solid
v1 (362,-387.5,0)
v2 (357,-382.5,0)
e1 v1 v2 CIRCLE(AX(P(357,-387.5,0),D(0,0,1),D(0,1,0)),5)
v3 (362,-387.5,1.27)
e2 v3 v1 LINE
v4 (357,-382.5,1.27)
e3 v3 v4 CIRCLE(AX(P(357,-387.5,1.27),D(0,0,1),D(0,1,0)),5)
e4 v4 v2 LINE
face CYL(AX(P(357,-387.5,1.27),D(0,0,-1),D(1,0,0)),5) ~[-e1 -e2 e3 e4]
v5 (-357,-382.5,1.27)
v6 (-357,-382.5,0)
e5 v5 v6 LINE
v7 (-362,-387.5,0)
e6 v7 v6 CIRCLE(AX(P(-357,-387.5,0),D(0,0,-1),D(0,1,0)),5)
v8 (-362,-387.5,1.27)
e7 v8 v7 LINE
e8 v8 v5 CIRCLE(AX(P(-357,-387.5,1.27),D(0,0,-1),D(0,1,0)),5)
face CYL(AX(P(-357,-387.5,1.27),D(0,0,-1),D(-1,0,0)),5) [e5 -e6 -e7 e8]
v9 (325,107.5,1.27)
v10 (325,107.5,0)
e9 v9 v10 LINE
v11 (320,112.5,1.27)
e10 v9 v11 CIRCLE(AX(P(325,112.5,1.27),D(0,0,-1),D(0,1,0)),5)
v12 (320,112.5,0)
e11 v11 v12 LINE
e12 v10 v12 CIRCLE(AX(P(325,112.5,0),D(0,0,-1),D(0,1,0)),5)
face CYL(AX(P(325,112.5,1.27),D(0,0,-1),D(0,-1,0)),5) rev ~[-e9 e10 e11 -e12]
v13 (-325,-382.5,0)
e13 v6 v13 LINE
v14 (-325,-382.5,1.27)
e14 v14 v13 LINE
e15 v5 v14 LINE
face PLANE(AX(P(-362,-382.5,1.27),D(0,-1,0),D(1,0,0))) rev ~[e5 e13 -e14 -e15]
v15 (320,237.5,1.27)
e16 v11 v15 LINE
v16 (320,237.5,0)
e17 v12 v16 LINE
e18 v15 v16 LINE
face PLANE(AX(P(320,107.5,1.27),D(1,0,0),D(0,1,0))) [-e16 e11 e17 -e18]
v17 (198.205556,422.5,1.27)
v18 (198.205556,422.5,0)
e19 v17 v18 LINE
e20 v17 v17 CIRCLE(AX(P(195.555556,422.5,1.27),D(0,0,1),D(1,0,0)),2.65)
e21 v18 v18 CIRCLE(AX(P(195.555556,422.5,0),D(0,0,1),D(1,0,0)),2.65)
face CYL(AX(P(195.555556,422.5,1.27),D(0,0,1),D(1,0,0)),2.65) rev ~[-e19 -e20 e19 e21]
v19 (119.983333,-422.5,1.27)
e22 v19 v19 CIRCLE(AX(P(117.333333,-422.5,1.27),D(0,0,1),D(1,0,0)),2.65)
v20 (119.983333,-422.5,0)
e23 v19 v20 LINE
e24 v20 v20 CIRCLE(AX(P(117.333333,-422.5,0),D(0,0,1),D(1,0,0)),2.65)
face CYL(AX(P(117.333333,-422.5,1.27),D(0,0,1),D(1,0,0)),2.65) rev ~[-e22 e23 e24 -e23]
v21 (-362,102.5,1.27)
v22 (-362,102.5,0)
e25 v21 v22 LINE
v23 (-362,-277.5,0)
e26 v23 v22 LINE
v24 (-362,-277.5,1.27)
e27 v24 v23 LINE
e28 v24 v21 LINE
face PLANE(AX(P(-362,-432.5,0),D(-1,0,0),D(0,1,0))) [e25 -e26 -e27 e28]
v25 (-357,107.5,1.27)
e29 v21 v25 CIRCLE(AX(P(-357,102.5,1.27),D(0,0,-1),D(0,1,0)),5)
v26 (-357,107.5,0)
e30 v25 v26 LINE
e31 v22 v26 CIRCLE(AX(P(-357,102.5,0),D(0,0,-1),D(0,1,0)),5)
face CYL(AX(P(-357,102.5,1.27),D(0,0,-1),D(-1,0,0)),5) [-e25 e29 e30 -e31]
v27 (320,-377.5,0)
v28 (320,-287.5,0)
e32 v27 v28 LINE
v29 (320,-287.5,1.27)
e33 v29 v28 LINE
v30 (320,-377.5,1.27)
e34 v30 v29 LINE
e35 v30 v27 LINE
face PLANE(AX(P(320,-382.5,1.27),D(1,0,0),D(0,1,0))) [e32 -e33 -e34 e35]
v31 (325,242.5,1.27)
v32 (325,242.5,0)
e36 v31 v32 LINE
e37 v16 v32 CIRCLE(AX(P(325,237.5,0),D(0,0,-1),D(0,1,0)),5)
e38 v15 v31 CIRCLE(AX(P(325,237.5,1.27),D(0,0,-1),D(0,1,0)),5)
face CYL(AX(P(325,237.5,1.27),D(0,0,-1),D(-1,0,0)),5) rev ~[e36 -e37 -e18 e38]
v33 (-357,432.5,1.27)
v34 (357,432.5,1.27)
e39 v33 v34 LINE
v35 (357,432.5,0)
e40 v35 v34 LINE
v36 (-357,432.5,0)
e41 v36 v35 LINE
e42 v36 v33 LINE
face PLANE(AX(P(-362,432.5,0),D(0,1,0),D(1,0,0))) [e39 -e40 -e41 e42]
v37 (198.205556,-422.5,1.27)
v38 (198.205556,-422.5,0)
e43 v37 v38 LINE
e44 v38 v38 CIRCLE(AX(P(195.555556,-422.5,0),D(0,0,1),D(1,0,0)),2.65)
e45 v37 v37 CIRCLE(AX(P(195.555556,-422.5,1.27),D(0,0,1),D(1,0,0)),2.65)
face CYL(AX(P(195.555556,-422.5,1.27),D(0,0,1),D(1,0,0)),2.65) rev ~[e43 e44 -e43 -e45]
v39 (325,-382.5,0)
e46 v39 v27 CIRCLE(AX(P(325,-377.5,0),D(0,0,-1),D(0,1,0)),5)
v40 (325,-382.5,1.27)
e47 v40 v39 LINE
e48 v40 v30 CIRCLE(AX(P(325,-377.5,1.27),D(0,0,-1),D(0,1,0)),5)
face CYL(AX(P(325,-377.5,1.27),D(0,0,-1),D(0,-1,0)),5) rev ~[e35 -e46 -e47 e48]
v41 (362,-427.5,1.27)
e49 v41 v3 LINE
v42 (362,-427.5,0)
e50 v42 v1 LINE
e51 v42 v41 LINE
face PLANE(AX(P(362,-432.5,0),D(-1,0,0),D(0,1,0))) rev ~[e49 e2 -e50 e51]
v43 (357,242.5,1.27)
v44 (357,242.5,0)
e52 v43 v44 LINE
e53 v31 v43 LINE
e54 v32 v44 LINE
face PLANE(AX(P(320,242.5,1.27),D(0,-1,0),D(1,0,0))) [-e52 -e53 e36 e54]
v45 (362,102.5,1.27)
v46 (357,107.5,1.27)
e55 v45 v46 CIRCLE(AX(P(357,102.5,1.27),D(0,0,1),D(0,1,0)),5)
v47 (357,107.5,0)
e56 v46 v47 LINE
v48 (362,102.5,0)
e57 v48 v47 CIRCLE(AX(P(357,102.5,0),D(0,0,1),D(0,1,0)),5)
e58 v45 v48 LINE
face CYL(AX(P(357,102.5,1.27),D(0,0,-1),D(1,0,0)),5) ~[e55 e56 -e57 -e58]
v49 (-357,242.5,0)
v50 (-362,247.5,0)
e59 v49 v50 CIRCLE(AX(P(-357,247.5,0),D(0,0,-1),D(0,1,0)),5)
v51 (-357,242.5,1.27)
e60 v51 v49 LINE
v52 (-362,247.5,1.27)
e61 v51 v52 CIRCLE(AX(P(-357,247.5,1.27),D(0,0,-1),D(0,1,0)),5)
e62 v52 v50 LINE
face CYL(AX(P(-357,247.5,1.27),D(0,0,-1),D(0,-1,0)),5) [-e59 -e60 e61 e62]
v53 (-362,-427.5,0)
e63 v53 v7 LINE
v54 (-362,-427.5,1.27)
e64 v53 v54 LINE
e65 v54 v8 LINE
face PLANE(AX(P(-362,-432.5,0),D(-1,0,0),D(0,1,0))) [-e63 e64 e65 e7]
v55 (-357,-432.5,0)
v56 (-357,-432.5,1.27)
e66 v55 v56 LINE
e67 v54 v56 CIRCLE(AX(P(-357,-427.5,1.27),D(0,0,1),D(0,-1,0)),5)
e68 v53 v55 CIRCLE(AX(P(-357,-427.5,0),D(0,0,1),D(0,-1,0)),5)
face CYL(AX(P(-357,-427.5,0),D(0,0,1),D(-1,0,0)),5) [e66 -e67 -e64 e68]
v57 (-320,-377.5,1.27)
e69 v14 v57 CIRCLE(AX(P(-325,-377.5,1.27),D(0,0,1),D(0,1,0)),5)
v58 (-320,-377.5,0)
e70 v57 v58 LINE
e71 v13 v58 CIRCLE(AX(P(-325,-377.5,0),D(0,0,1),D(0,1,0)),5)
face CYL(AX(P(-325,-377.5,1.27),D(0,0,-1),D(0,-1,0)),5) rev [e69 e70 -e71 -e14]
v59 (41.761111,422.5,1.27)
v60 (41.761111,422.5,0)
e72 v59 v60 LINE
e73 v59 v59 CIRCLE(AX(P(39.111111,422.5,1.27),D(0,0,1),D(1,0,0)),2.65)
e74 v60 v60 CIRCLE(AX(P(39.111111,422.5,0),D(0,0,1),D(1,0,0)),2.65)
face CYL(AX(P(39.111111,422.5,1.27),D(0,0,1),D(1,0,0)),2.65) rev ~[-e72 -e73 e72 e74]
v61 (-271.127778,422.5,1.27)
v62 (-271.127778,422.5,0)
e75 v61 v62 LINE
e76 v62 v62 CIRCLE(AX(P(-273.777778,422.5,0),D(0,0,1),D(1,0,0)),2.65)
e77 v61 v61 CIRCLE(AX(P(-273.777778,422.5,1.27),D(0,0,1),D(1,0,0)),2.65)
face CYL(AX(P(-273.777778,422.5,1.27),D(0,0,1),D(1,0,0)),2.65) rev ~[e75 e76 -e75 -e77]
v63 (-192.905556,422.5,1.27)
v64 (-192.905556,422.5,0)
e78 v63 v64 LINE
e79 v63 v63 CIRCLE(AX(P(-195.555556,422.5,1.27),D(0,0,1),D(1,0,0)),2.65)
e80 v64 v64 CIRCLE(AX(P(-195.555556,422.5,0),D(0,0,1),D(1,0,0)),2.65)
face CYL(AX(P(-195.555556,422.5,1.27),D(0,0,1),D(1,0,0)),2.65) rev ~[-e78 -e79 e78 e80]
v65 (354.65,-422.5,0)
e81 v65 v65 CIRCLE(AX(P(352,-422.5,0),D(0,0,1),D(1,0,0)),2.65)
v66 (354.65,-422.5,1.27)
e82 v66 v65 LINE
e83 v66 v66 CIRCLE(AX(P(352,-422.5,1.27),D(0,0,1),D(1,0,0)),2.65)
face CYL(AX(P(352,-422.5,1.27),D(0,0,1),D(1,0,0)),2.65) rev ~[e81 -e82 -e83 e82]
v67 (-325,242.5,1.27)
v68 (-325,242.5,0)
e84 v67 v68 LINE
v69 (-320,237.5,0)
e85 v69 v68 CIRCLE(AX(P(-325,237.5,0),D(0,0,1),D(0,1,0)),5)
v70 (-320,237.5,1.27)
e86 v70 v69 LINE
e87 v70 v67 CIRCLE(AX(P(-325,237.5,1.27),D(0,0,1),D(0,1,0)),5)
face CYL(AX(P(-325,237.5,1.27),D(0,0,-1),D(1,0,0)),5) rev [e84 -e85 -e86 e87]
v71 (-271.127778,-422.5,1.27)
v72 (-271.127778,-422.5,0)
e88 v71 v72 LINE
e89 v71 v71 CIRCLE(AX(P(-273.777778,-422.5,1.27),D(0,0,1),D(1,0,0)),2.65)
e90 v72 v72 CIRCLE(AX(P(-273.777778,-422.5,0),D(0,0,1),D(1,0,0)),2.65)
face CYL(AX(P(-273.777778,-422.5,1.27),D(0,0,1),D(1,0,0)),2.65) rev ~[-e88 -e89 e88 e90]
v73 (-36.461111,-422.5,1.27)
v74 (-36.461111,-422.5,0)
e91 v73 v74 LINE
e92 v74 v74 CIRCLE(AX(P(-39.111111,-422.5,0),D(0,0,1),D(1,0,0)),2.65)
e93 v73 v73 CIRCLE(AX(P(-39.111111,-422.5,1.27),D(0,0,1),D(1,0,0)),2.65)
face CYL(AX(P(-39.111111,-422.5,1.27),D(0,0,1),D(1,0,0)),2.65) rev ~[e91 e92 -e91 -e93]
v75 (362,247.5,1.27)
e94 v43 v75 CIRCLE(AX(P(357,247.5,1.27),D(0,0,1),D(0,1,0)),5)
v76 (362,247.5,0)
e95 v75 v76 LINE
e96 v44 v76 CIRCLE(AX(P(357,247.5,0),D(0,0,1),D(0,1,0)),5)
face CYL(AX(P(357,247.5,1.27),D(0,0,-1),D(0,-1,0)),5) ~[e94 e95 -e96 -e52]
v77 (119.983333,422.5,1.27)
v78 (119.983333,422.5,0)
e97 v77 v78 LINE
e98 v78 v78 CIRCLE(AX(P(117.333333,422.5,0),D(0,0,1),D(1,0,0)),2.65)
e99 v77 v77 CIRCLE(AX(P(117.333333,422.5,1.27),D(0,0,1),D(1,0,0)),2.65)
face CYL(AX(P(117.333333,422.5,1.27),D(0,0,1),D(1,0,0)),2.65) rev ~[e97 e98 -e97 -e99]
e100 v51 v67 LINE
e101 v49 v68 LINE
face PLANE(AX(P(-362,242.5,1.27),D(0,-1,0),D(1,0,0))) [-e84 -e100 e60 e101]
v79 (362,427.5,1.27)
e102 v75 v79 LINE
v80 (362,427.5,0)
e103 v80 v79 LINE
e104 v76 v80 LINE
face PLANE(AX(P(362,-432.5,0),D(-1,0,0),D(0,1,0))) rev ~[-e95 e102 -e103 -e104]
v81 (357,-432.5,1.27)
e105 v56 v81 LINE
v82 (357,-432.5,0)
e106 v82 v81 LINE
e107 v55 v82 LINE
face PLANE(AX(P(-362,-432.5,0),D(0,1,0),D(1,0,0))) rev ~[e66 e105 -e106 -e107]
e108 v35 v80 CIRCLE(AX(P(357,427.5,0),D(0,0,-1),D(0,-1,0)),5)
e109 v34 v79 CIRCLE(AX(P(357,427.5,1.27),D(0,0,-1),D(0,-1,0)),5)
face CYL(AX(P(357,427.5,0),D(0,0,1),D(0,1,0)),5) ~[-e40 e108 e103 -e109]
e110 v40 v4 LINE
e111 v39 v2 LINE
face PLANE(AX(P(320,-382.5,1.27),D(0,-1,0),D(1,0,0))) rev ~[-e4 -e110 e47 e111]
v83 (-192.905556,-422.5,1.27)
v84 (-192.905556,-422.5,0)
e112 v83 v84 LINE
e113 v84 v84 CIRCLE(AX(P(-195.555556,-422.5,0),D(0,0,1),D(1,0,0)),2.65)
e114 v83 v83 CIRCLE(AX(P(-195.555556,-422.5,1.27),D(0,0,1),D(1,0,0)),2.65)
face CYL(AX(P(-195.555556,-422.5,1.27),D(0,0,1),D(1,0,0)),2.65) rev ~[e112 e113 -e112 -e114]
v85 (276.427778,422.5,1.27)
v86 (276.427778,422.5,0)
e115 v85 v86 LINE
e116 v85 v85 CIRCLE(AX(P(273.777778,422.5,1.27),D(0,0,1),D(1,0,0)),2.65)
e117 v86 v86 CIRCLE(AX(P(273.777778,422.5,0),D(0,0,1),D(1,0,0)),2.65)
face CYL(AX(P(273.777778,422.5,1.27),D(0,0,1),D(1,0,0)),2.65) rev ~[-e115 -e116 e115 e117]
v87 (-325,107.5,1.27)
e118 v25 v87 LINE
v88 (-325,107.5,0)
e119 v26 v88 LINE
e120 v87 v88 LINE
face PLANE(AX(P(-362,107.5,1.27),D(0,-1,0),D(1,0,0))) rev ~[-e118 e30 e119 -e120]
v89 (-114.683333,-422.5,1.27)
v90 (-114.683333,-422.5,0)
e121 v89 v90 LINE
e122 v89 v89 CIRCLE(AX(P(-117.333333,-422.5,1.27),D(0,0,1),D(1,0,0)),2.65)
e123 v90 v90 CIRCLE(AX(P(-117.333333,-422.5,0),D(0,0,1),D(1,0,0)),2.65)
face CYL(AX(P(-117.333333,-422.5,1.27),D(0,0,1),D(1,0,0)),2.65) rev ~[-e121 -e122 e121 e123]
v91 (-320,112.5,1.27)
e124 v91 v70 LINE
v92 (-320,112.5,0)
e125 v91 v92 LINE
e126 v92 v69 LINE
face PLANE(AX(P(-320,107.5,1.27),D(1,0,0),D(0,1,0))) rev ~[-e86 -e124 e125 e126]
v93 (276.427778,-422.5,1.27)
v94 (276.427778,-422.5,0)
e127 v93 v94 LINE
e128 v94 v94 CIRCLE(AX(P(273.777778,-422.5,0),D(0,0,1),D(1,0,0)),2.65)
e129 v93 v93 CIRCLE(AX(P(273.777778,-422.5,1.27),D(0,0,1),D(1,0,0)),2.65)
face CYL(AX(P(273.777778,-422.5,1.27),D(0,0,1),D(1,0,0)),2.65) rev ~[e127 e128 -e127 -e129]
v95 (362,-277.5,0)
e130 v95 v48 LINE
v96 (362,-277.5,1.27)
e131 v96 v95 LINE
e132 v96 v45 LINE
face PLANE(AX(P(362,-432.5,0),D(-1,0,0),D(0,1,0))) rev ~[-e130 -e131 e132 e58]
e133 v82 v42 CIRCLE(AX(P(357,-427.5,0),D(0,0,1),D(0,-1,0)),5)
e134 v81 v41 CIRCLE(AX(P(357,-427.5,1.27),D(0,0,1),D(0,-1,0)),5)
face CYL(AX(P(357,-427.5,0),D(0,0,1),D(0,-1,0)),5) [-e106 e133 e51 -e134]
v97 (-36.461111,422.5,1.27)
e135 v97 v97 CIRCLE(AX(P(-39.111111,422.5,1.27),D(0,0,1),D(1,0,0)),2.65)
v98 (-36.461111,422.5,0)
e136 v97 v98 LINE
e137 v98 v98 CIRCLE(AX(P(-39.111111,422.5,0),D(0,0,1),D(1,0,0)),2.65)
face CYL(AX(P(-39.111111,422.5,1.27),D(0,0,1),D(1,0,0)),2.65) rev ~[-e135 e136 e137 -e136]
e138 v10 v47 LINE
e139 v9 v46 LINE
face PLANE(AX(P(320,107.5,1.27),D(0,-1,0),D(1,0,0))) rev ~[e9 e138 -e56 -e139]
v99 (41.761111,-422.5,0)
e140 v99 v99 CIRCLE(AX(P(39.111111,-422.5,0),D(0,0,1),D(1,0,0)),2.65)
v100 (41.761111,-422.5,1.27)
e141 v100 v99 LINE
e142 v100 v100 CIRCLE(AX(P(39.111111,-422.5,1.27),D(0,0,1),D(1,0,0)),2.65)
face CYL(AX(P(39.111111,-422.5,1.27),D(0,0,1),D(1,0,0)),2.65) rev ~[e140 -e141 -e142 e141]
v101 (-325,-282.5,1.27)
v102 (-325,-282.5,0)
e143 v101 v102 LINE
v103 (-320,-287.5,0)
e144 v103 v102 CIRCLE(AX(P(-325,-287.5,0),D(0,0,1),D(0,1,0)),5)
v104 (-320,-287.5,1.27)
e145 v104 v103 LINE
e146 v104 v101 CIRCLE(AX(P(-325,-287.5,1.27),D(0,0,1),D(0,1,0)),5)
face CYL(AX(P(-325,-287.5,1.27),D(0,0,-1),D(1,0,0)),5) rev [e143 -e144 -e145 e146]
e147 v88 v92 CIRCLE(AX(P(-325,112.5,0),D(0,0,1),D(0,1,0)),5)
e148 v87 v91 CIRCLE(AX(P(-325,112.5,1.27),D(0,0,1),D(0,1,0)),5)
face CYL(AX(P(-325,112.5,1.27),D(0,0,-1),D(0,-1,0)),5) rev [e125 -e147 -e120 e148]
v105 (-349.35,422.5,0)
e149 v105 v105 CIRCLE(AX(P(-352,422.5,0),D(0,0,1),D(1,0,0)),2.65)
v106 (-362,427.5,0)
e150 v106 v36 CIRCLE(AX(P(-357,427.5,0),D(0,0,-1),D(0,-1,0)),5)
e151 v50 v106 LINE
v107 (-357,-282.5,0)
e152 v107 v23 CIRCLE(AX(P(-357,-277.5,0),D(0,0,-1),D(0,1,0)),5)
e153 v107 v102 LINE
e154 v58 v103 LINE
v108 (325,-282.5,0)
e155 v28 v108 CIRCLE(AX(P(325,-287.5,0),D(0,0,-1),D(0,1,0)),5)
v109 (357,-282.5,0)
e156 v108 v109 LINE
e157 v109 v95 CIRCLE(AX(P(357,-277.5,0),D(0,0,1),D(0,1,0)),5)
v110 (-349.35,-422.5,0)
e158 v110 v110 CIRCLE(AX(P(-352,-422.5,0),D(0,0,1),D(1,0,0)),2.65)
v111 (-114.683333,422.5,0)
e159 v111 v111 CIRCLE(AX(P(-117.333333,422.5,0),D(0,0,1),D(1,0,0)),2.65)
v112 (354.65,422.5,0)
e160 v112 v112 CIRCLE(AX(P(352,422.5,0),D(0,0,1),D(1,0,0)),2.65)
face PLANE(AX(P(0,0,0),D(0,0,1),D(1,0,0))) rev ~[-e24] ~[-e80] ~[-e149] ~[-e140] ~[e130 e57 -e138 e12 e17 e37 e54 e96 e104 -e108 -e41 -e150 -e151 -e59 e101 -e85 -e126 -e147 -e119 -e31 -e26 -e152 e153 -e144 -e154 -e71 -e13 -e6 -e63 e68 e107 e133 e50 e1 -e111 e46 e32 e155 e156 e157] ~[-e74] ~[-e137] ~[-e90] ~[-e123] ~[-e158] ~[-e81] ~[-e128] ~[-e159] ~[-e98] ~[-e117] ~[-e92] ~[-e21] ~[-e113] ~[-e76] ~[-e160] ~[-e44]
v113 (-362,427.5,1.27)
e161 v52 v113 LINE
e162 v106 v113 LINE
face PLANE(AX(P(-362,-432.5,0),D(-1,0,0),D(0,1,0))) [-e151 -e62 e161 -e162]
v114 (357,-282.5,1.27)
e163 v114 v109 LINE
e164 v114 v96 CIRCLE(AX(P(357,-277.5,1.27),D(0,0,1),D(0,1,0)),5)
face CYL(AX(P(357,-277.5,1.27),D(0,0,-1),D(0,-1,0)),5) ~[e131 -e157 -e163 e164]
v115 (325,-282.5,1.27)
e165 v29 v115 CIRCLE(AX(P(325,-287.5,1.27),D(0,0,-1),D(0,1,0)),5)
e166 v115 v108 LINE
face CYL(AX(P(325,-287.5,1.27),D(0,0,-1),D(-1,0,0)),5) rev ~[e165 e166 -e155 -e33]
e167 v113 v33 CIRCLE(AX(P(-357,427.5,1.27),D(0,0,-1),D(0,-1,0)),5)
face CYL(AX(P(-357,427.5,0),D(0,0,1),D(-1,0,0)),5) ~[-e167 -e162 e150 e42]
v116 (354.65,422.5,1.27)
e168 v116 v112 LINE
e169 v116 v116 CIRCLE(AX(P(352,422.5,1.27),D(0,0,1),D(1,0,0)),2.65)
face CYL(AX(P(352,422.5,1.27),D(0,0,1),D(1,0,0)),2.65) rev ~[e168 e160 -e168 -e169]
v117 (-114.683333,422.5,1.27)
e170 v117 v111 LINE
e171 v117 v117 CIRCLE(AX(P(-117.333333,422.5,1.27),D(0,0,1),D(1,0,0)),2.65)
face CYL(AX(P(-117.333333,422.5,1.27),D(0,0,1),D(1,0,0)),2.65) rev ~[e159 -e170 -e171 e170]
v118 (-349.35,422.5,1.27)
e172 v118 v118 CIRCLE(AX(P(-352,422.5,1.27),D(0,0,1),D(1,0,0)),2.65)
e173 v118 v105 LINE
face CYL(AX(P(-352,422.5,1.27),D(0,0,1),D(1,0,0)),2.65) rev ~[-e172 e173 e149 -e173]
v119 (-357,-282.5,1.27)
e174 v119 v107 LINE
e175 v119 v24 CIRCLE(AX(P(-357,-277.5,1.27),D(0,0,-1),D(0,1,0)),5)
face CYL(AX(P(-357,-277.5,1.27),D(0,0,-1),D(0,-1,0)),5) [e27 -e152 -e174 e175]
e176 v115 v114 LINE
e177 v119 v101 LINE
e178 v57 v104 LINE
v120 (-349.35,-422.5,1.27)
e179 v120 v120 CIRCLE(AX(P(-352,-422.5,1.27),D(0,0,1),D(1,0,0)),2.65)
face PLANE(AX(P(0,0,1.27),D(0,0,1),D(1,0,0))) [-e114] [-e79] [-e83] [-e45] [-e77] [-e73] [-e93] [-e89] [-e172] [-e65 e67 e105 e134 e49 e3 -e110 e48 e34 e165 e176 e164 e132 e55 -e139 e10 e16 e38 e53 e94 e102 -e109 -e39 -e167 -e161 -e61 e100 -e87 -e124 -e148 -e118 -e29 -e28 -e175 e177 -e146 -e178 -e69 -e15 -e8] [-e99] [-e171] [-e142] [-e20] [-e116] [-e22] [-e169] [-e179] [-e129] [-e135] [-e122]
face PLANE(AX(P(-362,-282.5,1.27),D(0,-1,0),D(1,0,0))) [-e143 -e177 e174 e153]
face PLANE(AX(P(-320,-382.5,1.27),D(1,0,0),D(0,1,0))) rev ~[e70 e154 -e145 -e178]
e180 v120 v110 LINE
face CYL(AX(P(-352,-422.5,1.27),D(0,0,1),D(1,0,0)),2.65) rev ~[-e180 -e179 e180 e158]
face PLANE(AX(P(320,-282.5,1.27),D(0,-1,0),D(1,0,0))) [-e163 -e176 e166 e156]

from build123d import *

# Parameters (mm, degrees)
SKETCH1_W           = 724
SKETCH1_H           = 865
BOSS_EXTRUDE1_DEPTH = 1.27
SKETCH2_W           = 42
SKETCH2_H           = 135
SKETCH2_H_2         = 100
CUT_EXTRUDE1_DEPTH  = 1.27
SKETCH3_R           = 2.65
CUT_EXTRUDE2_DEPTH  = 1.27
LPATTERN1_COUNT     = 10
LPATTERN1_PITCH     = 78.222222222
FILLET1_R           = 5


with BuildPart() as part:
    # Sketch1 → Boss-Extrude1 (new body)
    with BuildSketch(Plane.XY):
        Rectangle(SKETCH1_W, SKETCH1_H)
    extrude(amount=BOSS_EXTRUDE1_DEPTH)

    # Sketch2 → Cut-Extrude1 (cut)
    with BuildSketch(Plane.XY.offset(1.27)):
        with Locations((-341, 175)):
            Rectangle(SKETCH2_W, SKETCH2_H)
        with Locations((-341, -332.5)):
            Rectangle(SKETCH2_W, SKETCH2_H_2)
        with Locations((341, 175)):
            Rectangle(SKETCH2_W, SKETCH2_H)
        with Locations((341, -332.5)):
            Rectangle(SKETCH2_W, SKETCH2_H_2)
    extrude(amount=-CUT_EXTRUDE1_DEPTH, mode=Mode.SUBTRACT)

    # Sketch3 → Cut-Extrude2 (cut)
    with BuildSketch(Plane.XY.offset(1.27)):
        with Locations((-352, 422.5)):
            Circle(SKETCH3_R)
        with Locations((-352, -422.5)):
            Circle(SKETCH3_R)
    cut_extrude2 = extrude(amount=-CUT_EXTRUDE2_DEPTH, mode=Mode.SUBTRACT)

    # LPattern1: Cut-Extrude2 ×10
    with Locations(*[(i * LPATTERN1_PITCH, 0, 0) for i in range(1, LPATTERN1_COUNT)]):
        add(cut_extrude2, mode=Mode.SUBTRACT)

    # Fillet1
    fillet1_edges = [part.edges().sort_by_distance(p)[0] for p in [
        (-362, -382.5, 0.635),
        (-362, -282.5, 0.635),
        (-320, -282.5, 0.635),
        (-320, -382.5, 0.635),
        (362, 242.5, 0.635),
        (362, 107.5, 0.635),
        (320, 107.5, 0.635),
        (320, 242.5, 0.635),
        (362, -282.5, 0.635),
        (362, -382.5, 0.635),
        (320, -382.5, 0.635),
        (320, -282.5, 0.635),
        (-362, 107.5, 0.635),
        (-362, 242.5, 0.635),
        (-320, 242.5, 0.635),
        (-320, 107.5, 0.635),
        (-362, 432.5, 0.635),
        (362, 432.5, 0.635),
        (362, -432.5, 0.635),
        (-362, -432.5, 0.635),
    ]]
    fillet(fillet1_edges, radius=FILLET1_R)


solid = part.part
